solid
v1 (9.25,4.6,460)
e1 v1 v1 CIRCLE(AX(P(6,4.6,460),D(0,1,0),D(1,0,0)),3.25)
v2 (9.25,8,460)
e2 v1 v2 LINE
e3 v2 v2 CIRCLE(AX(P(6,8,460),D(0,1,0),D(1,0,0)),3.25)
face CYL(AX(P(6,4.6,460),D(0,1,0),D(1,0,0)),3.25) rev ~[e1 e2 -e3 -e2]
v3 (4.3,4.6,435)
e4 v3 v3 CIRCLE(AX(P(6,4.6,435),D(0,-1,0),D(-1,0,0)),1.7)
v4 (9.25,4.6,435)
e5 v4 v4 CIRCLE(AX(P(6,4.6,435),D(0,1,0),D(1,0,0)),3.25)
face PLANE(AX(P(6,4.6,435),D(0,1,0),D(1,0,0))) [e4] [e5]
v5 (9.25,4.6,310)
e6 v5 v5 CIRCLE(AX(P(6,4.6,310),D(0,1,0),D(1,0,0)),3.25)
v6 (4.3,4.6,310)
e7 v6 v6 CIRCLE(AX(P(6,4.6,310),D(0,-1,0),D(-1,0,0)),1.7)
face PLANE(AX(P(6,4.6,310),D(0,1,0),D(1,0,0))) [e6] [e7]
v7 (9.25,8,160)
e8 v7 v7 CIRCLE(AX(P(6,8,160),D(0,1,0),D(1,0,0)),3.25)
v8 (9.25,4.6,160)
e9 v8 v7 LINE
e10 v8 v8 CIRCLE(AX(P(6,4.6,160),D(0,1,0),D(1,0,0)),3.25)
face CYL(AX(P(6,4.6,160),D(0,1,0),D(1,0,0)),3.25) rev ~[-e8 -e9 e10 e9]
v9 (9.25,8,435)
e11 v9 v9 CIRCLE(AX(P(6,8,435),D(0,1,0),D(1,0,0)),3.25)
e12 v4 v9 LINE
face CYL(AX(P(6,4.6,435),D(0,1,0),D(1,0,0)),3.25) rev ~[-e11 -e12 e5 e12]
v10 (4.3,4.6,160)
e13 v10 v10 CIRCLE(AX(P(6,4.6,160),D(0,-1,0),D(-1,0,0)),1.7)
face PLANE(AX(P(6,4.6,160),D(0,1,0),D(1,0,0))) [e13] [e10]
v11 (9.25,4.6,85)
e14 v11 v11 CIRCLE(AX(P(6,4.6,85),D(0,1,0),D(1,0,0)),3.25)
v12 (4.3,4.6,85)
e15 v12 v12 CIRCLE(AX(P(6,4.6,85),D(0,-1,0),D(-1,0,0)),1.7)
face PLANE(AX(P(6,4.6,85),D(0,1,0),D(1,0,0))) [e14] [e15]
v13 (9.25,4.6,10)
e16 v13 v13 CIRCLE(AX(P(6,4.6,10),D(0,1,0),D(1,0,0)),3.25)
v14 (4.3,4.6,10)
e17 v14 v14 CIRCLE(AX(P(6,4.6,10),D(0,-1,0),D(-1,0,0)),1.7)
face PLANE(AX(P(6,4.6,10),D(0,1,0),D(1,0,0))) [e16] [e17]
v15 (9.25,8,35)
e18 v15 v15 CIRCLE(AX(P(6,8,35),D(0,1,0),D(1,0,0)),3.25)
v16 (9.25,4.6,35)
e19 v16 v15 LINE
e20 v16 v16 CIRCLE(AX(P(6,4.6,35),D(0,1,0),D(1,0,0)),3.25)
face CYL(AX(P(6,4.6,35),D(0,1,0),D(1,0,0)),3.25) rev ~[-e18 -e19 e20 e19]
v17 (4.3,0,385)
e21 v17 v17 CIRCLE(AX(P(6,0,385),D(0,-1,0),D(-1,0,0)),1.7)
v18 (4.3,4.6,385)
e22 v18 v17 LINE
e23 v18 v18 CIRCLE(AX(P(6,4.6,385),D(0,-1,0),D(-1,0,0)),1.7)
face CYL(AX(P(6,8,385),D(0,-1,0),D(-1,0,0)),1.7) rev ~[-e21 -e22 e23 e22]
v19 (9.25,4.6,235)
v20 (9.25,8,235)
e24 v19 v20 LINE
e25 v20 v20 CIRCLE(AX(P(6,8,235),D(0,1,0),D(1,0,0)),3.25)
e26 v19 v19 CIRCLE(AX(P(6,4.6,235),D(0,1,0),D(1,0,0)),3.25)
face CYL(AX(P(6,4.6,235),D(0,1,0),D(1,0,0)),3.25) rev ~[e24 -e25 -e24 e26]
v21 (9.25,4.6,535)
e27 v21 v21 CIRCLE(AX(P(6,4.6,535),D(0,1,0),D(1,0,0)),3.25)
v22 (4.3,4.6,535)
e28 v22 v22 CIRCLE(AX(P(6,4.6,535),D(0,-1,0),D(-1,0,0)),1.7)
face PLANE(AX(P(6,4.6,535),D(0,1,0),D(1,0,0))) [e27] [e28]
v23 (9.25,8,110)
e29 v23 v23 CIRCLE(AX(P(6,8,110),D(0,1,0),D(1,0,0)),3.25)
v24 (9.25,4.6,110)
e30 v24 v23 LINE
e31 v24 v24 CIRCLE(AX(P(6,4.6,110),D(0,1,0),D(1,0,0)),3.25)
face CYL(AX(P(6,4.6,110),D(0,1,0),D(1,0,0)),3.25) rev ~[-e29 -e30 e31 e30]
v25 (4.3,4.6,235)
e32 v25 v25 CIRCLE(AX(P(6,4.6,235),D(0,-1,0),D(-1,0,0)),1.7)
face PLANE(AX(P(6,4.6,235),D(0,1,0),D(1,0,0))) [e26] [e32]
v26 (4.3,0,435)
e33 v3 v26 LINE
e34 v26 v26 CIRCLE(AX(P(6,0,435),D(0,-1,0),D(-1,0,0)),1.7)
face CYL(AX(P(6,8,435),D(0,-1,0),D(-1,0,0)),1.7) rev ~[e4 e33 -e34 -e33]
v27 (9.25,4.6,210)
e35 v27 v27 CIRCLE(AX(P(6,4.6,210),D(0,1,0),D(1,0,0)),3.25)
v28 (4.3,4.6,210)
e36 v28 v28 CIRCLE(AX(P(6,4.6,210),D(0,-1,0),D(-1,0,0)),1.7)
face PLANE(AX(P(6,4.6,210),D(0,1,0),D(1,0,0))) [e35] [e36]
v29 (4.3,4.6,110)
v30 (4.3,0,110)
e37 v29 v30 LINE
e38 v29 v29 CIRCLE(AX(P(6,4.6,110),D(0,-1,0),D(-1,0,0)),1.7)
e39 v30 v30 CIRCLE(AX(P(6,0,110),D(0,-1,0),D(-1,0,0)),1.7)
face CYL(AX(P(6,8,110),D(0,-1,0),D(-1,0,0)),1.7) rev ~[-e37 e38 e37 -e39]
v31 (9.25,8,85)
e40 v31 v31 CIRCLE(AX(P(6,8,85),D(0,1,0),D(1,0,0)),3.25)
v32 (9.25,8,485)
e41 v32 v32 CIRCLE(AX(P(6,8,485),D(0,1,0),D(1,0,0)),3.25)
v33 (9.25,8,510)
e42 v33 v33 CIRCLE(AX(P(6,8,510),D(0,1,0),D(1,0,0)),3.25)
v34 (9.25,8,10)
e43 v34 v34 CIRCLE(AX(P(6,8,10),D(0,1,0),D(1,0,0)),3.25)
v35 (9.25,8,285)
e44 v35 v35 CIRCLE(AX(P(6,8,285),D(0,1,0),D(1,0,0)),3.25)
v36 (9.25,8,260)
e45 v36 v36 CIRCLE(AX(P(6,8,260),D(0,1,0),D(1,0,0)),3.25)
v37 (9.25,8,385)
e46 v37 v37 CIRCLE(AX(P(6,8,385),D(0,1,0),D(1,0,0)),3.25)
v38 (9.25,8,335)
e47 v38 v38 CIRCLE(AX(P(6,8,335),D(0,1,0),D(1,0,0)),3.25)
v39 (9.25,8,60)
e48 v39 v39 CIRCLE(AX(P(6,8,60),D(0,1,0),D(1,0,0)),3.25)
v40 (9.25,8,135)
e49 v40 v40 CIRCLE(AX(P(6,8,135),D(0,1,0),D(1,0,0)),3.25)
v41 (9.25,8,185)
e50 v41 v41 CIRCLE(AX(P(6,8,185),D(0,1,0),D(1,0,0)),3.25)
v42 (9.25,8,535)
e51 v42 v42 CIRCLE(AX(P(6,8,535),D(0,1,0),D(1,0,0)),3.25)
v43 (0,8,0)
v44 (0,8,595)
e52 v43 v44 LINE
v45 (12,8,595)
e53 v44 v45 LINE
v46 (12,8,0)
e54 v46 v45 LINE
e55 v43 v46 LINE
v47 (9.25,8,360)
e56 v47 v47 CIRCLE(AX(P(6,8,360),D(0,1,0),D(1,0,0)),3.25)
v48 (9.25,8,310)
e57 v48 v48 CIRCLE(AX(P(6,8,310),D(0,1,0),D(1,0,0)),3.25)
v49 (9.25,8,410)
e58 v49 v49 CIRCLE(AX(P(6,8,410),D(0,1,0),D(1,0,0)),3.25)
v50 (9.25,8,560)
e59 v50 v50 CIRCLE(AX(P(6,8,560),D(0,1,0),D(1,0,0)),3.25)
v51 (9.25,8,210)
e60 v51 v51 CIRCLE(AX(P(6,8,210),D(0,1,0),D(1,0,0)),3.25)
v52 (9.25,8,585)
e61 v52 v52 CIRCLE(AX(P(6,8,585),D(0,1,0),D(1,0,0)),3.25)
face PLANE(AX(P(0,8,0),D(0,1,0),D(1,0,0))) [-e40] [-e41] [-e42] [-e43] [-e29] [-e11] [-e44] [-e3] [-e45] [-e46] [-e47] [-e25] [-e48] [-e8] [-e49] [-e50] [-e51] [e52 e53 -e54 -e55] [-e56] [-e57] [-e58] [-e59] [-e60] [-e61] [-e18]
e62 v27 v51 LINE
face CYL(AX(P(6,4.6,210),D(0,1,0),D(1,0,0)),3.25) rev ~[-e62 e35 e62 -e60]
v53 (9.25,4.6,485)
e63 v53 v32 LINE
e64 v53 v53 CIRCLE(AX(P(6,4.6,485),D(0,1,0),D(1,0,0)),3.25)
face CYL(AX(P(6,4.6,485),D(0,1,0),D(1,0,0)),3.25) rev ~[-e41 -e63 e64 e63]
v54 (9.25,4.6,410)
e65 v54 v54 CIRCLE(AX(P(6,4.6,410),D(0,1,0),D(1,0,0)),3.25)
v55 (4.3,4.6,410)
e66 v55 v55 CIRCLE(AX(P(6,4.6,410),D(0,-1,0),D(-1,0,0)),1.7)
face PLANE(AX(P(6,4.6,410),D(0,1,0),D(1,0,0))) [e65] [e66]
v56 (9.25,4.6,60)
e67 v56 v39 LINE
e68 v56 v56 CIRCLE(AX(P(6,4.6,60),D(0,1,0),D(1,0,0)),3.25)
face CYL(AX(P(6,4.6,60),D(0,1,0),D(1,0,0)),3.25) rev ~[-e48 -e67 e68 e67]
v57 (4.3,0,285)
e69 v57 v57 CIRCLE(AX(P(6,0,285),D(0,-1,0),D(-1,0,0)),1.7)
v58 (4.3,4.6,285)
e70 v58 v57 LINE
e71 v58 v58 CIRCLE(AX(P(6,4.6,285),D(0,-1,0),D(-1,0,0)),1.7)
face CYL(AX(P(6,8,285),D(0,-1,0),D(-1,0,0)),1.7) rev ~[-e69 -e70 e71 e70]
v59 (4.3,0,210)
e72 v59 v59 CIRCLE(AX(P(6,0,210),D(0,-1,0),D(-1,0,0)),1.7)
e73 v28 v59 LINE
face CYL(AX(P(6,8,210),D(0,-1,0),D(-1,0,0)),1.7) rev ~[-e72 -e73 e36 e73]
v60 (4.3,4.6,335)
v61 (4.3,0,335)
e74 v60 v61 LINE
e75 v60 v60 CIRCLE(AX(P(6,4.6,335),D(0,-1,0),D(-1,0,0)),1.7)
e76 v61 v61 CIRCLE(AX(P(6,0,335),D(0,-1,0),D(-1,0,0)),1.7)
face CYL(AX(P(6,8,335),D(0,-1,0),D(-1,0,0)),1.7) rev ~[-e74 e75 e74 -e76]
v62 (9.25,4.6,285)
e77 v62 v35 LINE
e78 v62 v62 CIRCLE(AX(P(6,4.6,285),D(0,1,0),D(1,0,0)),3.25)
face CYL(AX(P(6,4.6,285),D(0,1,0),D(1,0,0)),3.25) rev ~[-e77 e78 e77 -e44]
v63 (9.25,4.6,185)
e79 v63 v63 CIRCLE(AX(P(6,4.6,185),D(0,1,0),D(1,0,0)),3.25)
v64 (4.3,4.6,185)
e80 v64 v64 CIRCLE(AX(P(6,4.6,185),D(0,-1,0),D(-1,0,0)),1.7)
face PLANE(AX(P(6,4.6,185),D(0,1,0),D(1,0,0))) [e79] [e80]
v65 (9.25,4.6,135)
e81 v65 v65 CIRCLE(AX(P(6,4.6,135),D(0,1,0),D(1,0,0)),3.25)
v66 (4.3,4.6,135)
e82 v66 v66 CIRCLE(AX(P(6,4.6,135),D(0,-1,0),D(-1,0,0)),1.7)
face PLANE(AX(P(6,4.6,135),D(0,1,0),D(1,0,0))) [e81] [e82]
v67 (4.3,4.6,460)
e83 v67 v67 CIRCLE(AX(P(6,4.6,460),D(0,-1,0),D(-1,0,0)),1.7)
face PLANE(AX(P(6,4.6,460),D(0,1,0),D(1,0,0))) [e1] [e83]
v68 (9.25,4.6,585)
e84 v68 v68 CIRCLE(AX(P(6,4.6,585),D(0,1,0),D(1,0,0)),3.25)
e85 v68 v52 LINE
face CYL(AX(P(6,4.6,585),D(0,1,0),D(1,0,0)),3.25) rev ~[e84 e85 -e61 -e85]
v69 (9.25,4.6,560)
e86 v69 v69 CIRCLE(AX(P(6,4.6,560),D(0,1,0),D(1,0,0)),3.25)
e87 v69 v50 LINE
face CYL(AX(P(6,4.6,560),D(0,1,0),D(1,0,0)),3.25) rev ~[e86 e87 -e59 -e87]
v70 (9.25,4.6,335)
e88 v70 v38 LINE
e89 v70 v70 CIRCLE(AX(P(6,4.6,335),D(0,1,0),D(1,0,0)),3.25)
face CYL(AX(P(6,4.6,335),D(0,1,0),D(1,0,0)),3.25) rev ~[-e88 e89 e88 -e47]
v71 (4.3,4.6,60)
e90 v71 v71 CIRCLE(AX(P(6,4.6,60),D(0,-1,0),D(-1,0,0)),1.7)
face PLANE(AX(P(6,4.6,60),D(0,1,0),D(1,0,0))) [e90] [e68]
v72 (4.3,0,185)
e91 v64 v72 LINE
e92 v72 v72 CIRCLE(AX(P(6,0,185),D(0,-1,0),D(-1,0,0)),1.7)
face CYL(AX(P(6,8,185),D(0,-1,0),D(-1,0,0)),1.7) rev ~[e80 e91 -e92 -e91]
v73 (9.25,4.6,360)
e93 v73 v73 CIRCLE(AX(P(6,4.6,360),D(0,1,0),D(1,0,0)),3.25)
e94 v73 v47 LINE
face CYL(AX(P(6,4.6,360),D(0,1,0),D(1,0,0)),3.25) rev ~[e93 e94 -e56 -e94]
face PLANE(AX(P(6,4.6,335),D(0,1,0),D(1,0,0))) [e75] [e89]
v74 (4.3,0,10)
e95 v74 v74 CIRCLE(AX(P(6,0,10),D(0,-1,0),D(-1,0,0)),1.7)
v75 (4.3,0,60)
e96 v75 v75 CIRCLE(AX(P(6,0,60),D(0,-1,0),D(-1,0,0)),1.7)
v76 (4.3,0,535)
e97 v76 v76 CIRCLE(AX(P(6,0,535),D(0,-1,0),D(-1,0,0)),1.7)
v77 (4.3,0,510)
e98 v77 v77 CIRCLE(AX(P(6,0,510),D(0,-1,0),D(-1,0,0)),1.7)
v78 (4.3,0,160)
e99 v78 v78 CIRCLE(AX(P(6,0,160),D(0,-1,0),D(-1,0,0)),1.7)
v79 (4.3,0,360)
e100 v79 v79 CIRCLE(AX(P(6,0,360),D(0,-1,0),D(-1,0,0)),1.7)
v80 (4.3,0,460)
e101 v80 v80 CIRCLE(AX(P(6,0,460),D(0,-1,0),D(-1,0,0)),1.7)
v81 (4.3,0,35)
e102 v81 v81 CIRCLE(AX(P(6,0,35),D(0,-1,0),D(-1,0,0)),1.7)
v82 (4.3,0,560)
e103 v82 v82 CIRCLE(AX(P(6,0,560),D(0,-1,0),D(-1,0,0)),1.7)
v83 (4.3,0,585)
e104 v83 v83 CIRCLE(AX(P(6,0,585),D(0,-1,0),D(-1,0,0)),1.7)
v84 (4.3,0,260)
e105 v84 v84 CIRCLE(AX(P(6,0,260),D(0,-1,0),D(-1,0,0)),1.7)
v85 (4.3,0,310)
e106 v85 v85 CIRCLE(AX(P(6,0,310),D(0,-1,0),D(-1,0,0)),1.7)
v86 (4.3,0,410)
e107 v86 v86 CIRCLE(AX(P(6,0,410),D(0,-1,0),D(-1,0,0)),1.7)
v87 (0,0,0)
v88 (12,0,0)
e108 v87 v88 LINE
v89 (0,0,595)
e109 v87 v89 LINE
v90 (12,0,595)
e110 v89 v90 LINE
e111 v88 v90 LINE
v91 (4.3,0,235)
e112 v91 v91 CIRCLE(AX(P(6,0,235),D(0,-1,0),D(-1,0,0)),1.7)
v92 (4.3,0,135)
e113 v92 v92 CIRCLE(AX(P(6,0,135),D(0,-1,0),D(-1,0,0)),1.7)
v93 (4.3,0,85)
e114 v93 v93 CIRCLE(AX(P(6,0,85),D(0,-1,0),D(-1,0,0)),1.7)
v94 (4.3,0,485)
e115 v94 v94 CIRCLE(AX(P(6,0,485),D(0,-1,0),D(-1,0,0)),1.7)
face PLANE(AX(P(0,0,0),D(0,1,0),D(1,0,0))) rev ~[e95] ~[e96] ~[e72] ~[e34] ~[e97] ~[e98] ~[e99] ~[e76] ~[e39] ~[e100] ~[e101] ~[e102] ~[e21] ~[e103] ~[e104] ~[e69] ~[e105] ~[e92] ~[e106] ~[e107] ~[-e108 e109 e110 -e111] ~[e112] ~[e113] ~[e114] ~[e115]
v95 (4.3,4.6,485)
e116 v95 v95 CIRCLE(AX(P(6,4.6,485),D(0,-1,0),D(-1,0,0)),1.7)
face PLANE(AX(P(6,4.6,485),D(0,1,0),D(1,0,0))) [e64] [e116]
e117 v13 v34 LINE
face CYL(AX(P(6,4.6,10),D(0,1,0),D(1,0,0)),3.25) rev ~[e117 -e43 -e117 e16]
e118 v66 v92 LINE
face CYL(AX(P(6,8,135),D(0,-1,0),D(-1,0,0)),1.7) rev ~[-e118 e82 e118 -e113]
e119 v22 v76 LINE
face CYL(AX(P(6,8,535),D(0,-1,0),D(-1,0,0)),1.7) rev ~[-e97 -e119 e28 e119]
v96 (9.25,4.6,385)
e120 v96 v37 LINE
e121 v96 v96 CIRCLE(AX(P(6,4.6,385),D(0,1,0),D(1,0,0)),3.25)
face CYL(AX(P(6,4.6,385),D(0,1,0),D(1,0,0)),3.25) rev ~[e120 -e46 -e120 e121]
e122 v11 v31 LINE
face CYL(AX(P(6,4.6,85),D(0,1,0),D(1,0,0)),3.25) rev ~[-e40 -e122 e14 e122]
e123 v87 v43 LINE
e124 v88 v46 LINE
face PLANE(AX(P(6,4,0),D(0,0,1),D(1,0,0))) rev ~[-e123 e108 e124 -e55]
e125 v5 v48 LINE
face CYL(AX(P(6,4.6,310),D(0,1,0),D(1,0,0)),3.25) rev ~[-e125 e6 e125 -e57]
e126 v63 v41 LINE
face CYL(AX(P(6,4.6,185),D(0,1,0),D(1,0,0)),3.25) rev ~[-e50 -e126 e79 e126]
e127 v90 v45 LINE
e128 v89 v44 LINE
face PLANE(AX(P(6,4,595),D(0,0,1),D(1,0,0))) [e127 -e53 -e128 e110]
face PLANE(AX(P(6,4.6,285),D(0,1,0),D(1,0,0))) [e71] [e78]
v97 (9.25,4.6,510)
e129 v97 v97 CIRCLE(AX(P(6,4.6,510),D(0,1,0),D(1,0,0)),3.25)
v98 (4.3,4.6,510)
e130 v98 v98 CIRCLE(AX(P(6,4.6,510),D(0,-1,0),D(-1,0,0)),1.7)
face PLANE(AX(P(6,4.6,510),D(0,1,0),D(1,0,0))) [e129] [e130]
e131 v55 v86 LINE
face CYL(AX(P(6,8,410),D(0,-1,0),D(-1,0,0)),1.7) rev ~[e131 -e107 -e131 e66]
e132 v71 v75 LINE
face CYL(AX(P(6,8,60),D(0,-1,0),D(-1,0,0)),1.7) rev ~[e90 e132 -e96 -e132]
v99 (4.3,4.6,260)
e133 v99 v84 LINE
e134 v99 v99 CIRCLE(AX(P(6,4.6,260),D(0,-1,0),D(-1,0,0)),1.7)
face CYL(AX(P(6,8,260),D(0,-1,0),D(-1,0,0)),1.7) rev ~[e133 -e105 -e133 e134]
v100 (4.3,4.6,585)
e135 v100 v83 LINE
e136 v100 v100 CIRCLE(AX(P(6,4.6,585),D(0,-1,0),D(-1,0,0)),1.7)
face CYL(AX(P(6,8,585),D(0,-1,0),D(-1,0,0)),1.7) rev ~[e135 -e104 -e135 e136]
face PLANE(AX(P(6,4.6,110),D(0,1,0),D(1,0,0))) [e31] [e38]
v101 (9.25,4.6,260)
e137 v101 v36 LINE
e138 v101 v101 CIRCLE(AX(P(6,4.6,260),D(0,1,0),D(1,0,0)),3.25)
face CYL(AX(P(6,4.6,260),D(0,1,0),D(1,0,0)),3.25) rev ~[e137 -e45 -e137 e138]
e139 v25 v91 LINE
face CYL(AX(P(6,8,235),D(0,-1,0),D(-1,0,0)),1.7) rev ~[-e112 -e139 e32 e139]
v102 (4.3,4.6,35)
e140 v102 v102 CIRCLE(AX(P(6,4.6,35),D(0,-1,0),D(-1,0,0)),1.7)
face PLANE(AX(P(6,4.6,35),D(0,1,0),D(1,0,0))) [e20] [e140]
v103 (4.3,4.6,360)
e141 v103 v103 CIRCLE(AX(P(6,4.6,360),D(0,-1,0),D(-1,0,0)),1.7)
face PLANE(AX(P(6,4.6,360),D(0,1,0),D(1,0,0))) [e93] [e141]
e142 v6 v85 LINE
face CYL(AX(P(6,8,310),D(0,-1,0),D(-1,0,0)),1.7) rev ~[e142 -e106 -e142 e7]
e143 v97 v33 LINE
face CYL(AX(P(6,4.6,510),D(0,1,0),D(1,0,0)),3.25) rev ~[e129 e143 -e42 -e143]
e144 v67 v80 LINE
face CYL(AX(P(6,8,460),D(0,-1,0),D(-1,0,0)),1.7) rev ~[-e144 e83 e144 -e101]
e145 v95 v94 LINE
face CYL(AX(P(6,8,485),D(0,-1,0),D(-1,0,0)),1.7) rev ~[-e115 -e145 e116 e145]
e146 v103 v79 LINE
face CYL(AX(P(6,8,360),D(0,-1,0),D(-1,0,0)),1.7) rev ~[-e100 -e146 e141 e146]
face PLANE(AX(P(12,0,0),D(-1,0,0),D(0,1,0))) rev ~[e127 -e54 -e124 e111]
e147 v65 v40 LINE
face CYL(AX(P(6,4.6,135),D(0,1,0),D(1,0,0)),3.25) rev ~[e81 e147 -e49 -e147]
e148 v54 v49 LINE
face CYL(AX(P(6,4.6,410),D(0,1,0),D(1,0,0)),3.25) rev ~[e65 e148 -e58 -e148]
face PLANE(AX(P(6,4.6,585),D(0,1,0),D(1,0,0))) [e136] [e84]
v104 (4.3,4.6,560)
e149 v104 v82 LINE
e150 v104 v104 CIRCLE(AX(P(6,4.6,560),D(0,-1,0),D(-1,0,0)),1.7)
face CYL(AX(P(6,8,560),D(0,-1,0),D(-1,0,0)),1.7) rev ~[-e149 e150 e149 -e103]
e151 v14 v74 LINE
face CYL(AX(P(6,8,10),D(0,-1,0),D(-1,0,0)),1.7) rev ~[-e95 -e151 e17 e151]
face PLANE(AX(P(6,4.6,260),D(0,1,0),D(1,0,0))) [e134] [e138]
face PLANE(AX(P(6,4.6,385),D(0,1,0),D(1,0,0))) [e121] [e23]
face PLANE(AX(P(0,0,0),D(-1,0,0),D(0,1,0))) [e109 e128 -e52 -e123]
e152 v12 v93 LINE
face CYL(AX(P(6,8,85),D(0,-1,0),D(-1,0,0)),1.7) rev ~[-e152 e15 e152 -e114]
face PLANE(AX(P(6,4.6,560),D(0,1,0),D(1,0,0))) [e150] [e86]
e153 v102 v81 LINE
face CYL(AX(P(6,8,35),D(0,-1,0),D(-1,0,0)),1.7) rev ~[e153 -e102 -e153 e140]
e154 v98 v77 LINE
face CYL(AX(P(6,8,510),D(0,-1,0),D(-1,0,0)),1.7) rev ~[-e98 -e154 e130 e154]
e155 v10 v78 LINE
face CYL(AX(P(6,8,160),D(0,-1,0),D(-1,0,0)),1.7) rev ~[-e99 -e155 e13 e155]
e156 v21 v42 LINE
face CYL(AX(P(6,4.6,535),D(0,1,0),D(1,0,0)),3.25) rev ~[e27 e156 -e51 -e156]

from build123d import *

# Parameters (mm, degrees)
SKETCH_1_W                   = 12
SKETCH_1_H                   = 8
EXTRUDE_1_DEPTH              = 595
HOLE_WIZARD_M3_1_D           = 3.4
HOLE_WIZARD_M3_1_CBORE_D     = 6.5
HOLE_WIZARD_M3_1_CBORE_DEPTH = 3.4
PATTERN_LINEAR_1_COUNT       = 24
PATTERN_LINEAR_1_PITCH       = 25


with BuildPart() as part:
    # 草图1 → 凸台-拉伸1 (new body)
    with BuildSketch(Plane.XY):
        with Locations((6, 4)):
            Rectangle(SKETCH_1_W, SKETCH_1_H)
    extrude(amount=EXTRUDE_1_DEPTH)

    # M3 六角凹头螺钉的柱形沉头孔1 (through all)
    with Locations(Plane(origin=(0, 8, 0), x_dir=(1, 0, 0), z_dir=(0, 1, 0))):
        with Locations((6, -585)):
            hole_wizard_m3_1 = CounterBoreHole(HOLE_WIZARD_M3_1_D / 2, HOLE_WIZARD_M3_1_CBORE_D / 2, HOLE_WIZARD_M3_1_CBORE_DEPTH)

    # 阵列(线性)1: M3 六角凹头螺钉的柱形沉头孔1 ×24
    with Locations(*[(0, 0, -i * PATTERN_LINEAR_1_PITCH) for i in range(1, PATTERN_LINEAR_1_COUNT)]):
        add(hole_wizard_m3_1, mode=Mode.SUBTRACT)


solid = part.part
